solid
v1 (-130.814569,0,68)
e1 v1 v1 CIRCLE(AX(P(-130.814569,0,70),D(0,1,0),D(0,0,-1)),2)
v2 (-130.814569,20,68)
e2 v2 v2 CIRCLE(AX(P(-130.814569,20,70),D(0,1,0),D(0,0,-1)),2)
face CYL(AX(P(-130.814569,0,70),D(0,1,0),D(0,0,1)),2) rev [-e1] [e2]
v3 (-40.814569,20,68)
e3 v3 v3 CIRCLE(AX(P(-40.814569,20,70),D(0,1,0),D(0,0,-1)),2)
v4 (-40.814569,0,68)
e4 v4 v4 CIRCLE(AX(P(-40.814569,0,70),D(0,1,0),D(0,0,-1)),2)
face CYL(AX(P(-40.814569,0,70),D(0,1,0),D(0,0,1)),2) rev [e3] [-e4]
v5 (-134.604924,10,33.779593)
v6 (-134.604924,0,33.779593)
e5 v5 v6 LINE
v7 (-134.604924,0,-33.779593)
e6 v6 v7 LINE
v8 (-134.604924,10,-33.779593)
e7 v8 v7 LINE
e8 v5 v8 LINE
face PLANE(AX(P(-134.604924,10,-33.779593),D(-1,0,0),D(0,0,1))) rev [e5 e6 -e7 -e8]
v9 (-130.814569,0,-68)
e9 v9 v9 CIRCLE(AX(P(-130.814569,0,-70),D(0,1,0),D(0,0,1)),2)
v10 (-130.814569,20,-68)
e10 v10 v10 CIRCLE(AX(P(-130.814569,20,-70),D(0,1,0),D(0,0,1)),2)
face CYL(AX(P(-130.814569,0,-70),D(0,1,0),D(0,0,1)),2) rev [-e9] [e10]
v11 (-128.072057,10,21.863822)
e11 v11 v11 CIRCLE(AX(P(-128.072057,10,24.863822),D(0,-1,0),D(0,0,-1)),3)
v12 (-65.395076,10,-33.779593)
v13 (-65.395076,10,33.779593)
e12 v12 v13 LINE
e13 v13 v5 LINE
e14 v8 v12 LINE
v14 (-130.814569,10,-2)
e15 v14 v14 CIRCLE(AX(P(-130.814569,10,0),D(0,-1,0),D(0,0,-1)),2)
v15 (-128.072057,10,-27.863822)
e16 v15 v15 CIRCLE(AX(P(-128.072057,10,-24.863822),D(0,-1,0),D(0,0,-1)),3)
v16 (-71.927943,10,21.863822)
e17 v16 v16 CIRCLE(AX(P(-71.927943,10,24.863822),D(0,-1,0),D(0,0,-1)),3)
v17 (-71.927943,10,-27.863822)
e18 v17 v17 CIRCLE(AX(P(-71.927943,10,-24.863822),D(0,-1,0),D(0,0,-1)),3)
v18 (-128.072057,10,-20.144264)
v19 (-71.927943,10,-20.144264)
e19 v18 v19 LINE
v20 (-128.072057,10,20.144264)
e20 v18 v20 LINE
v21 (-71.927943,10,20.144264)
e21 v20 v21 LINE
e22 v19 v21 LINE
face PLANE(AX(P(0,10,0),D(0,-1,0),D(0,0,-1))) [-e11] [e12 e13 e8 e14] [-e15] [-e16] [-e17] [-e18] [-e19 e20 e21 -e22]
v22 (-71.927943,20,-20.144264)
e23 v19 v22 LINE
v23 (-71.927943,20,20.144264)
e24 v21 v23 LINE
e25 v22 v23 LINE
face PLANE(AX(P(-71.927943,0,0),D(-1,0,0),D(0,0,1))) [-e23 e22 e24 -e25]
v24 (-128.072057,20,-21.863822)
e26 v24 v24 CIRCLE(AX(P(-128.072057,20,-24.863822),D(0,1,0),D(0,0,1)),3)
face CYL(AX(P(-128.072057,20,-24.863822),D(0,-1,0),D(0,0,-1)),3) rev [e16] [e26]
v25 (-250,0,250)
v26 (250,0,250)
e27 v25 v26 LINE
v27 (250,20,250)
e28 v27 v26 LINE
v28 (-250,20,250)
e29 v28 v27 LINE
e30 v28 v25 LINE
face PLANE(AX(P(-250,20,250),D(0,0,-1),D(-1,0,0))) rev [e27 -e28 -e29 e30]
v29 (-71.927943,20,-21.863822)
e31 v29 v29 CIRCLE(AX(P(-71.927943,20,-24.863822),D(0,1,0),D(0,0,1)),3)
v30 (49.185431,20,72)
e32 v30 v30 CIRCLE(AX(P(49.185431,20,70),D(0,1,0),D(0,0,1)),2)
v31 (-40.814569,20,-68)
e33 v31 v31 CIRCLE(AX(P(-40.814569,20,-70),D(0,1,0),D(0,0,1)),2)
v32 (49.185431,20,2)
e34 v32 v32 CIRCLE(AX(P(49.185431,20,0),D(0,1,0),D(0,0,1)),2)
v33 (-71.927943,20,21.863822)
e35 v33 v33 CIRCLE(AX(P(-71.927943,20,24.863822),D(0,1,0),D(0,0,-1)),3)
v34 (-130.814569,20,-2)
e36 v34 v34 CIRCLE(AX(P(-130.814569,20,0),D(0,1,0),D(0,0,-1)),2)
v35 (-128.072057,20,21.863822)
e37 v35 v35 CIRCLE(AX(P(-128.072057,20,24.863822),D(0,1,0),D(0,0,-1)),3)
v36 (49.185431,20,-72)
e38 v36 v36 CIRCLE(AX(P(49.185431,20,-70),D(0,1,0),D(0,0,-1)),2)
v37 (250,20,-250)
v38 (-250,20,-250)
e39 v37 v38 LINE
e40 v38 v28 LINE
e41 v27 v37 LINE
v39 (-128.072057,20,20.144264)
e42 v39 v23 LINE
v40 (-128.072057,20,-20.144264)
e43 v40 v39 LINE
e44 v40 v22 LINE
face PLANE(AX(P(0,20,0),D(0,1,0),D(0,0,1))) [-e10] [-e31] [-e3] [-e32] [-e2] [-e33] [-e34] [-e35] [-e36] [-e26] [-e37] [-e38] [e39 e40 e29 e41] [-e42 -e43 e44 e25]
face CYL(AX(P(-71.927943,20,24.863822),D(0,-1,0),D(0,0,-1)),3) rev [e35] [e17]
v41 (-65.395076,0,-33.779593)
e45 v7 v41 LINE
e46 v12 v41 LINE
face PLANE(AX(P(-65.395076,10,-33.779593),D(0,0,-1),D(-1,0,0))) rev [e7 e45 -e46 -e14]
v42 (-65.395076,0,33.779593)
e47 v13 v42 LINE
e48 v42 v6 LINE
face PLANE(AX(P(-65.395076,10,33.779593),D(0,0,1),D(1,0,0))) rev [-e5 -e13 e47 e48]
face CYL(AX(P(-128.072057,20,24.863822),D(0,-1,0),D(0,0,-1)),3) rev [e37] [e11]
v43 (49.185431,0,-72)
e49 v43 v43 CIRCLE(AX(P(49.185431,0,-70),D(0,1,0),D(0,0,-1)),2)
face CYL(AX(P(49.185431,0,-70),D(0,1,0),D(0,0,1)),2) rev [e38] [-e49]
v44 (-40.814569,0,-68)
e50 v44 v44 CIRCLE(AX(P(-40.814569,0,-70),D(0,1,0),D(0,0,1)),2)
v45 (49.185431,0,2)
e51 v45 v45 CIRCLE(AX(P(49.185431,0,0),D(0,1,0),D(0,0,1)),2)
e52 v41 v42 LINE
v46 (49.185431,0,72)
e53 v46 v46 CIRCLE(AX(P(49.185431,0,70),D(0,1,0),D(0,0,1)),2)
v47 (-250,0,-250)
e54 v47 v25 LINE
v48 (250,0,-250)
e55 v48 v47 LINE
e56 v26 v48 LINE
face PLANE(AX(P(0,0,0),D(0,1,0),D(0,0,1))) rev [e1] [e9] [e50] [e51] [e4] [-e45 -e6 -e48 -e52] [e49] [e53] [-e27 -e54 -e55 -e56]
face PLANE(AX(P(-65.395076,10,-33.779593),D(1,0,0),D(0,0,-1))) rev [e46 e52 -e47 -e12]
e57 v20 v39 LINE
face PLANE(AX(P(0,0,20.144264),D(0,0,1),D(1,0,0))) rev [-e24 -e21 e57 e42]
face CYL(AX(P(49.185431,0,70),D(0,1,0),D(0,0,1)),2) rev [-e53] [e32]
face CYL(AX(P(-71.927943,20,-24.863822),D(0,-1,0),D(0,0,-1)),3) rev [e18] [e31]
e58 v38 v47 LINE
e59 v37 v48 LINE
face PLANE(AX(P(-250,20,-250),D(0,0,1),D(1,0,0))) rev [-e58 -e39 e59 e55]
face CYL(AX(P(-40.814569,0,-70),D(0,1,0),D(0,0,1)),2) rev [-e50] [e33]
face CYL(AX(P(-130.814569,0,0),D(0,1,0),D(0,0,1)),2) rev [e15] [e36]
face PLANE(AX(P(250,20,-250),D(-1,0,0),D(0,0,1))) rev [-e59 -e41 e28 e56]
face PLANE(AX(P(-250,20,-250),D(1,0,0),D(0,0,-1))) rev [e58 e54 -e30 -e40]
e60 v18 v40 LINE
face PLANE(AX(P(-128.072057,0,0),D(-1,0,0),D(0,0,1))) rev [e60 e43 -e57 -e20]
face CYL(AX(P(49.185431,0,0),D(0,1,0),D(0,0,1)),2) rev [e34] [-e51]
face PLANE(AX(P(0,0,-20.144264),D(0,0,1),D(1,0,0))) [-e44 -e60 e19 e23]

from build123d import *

# Parameters (mm, degrees)
SKETCH1_W           = 500
SKETCH1_H           = 500
SKETCH1_R           = 3
BOSS_EXTRUDE1_DEPTH = 20
SKETCH2_W           = 56.144113512
SKETCH2_H           = 40.288527928
CUT_EXTRUDE2_DEPTH  = 21
SKETCH3_W           = 69.209848312
SKETCH3_H           = 67.559185152
CUT_EXTRUDE3_DEPTH  = 10
SKETCH4_R           = 2
CUT_EXTRUDE4_DEPTH  = 21


with BuildPart() as part:
    # Sketch1 → Boss-Extrude1 (new body)
    with BuildSketch(Plane(origin=(0, 0, 0), x_dir=(1, 0, 0), z_dir=(0, 1, 0))):
        Rectangle(SKETCH1_W, SKETCH1_H)
        with Locations((-128.072056756, 24.863821699)):
            Circle(SKETCH1_R, mode=Mode.SUBTRACT)
        with Locations((-71.927943244, 24.863821699)):
            Circle(SKETCH1_R, mode=Mode.SUBTRACT)
        with Locations((-71.927943244, -24.863821699)):
            Circle(SKETCH1_R, mode=Mode.SUBTRACT)
        with Locations((-128.072056756, -24.863821699)):
            Circle(SKETCH1_R, mode=Mode.SUBTRACT)
    extrude(amount=BOSS_EXTRUDE1_DEPTH)

    # Sketch2 → Cut-Extrude2 (cut, through all)
    with BuildSketch(Plane(origin=(0, 20, 0), x_dir=(1, 0, 0), z_dir=(0, 1, 0))):
        with Locations((-100, 0)):
            Rectangle(SKETCH2_W, SKETCH2_H)
    extrude(amount=-CUT_EXTRUDE2_DEPTH, mode=Mode.SUBTRACT)

    # Sketch3 → Cut-Extrude3 (cut)
    with BuildSketch(Plane.XZ):
        with Locations((-100, 0)):
            Rectangle(SKETCH3_W, SKETCH3_H)
    extrude(amount=-CUT_EXTRUDE3_DEPTH, mode=Mode.SUBTRACT)

    # Sketch4 → Cut-Extrude4 (cut, through all)
    with BuildSketch(Plane(origin=(0, 20, 0), x_dir=(1, 0, 0), z_dir=(0, 1, 0))):
        with Locations((-130.814569141, 70)):
            Circle(SKETCH4_R)
        with Locations((49.185430859, 70)):
            Circle(SKETCH4_R)
        with Locations((-40.814569141, 70)):
            Circle(SKETCH4_R)
        with Locations((-130.814569141, -70)):
            Circle(SKETCH4_R)
        with Locations((-40.814569141, -70)):
            Circle(SKETCH4_R)
        with Locations((49.185430859, -70)):
            Circle(SKETCH4_R)
        with Locations((49.185430859, 0)):
            Circle(SKETCH4_R)
        with Locations((-130.814569141, 0)):
            Circle(SKETCH4_R)
    extrude(amount=-CUT_EXTRUDE4_DEPTH, mode=Mode.SUBTRACT)


solid = part.part
